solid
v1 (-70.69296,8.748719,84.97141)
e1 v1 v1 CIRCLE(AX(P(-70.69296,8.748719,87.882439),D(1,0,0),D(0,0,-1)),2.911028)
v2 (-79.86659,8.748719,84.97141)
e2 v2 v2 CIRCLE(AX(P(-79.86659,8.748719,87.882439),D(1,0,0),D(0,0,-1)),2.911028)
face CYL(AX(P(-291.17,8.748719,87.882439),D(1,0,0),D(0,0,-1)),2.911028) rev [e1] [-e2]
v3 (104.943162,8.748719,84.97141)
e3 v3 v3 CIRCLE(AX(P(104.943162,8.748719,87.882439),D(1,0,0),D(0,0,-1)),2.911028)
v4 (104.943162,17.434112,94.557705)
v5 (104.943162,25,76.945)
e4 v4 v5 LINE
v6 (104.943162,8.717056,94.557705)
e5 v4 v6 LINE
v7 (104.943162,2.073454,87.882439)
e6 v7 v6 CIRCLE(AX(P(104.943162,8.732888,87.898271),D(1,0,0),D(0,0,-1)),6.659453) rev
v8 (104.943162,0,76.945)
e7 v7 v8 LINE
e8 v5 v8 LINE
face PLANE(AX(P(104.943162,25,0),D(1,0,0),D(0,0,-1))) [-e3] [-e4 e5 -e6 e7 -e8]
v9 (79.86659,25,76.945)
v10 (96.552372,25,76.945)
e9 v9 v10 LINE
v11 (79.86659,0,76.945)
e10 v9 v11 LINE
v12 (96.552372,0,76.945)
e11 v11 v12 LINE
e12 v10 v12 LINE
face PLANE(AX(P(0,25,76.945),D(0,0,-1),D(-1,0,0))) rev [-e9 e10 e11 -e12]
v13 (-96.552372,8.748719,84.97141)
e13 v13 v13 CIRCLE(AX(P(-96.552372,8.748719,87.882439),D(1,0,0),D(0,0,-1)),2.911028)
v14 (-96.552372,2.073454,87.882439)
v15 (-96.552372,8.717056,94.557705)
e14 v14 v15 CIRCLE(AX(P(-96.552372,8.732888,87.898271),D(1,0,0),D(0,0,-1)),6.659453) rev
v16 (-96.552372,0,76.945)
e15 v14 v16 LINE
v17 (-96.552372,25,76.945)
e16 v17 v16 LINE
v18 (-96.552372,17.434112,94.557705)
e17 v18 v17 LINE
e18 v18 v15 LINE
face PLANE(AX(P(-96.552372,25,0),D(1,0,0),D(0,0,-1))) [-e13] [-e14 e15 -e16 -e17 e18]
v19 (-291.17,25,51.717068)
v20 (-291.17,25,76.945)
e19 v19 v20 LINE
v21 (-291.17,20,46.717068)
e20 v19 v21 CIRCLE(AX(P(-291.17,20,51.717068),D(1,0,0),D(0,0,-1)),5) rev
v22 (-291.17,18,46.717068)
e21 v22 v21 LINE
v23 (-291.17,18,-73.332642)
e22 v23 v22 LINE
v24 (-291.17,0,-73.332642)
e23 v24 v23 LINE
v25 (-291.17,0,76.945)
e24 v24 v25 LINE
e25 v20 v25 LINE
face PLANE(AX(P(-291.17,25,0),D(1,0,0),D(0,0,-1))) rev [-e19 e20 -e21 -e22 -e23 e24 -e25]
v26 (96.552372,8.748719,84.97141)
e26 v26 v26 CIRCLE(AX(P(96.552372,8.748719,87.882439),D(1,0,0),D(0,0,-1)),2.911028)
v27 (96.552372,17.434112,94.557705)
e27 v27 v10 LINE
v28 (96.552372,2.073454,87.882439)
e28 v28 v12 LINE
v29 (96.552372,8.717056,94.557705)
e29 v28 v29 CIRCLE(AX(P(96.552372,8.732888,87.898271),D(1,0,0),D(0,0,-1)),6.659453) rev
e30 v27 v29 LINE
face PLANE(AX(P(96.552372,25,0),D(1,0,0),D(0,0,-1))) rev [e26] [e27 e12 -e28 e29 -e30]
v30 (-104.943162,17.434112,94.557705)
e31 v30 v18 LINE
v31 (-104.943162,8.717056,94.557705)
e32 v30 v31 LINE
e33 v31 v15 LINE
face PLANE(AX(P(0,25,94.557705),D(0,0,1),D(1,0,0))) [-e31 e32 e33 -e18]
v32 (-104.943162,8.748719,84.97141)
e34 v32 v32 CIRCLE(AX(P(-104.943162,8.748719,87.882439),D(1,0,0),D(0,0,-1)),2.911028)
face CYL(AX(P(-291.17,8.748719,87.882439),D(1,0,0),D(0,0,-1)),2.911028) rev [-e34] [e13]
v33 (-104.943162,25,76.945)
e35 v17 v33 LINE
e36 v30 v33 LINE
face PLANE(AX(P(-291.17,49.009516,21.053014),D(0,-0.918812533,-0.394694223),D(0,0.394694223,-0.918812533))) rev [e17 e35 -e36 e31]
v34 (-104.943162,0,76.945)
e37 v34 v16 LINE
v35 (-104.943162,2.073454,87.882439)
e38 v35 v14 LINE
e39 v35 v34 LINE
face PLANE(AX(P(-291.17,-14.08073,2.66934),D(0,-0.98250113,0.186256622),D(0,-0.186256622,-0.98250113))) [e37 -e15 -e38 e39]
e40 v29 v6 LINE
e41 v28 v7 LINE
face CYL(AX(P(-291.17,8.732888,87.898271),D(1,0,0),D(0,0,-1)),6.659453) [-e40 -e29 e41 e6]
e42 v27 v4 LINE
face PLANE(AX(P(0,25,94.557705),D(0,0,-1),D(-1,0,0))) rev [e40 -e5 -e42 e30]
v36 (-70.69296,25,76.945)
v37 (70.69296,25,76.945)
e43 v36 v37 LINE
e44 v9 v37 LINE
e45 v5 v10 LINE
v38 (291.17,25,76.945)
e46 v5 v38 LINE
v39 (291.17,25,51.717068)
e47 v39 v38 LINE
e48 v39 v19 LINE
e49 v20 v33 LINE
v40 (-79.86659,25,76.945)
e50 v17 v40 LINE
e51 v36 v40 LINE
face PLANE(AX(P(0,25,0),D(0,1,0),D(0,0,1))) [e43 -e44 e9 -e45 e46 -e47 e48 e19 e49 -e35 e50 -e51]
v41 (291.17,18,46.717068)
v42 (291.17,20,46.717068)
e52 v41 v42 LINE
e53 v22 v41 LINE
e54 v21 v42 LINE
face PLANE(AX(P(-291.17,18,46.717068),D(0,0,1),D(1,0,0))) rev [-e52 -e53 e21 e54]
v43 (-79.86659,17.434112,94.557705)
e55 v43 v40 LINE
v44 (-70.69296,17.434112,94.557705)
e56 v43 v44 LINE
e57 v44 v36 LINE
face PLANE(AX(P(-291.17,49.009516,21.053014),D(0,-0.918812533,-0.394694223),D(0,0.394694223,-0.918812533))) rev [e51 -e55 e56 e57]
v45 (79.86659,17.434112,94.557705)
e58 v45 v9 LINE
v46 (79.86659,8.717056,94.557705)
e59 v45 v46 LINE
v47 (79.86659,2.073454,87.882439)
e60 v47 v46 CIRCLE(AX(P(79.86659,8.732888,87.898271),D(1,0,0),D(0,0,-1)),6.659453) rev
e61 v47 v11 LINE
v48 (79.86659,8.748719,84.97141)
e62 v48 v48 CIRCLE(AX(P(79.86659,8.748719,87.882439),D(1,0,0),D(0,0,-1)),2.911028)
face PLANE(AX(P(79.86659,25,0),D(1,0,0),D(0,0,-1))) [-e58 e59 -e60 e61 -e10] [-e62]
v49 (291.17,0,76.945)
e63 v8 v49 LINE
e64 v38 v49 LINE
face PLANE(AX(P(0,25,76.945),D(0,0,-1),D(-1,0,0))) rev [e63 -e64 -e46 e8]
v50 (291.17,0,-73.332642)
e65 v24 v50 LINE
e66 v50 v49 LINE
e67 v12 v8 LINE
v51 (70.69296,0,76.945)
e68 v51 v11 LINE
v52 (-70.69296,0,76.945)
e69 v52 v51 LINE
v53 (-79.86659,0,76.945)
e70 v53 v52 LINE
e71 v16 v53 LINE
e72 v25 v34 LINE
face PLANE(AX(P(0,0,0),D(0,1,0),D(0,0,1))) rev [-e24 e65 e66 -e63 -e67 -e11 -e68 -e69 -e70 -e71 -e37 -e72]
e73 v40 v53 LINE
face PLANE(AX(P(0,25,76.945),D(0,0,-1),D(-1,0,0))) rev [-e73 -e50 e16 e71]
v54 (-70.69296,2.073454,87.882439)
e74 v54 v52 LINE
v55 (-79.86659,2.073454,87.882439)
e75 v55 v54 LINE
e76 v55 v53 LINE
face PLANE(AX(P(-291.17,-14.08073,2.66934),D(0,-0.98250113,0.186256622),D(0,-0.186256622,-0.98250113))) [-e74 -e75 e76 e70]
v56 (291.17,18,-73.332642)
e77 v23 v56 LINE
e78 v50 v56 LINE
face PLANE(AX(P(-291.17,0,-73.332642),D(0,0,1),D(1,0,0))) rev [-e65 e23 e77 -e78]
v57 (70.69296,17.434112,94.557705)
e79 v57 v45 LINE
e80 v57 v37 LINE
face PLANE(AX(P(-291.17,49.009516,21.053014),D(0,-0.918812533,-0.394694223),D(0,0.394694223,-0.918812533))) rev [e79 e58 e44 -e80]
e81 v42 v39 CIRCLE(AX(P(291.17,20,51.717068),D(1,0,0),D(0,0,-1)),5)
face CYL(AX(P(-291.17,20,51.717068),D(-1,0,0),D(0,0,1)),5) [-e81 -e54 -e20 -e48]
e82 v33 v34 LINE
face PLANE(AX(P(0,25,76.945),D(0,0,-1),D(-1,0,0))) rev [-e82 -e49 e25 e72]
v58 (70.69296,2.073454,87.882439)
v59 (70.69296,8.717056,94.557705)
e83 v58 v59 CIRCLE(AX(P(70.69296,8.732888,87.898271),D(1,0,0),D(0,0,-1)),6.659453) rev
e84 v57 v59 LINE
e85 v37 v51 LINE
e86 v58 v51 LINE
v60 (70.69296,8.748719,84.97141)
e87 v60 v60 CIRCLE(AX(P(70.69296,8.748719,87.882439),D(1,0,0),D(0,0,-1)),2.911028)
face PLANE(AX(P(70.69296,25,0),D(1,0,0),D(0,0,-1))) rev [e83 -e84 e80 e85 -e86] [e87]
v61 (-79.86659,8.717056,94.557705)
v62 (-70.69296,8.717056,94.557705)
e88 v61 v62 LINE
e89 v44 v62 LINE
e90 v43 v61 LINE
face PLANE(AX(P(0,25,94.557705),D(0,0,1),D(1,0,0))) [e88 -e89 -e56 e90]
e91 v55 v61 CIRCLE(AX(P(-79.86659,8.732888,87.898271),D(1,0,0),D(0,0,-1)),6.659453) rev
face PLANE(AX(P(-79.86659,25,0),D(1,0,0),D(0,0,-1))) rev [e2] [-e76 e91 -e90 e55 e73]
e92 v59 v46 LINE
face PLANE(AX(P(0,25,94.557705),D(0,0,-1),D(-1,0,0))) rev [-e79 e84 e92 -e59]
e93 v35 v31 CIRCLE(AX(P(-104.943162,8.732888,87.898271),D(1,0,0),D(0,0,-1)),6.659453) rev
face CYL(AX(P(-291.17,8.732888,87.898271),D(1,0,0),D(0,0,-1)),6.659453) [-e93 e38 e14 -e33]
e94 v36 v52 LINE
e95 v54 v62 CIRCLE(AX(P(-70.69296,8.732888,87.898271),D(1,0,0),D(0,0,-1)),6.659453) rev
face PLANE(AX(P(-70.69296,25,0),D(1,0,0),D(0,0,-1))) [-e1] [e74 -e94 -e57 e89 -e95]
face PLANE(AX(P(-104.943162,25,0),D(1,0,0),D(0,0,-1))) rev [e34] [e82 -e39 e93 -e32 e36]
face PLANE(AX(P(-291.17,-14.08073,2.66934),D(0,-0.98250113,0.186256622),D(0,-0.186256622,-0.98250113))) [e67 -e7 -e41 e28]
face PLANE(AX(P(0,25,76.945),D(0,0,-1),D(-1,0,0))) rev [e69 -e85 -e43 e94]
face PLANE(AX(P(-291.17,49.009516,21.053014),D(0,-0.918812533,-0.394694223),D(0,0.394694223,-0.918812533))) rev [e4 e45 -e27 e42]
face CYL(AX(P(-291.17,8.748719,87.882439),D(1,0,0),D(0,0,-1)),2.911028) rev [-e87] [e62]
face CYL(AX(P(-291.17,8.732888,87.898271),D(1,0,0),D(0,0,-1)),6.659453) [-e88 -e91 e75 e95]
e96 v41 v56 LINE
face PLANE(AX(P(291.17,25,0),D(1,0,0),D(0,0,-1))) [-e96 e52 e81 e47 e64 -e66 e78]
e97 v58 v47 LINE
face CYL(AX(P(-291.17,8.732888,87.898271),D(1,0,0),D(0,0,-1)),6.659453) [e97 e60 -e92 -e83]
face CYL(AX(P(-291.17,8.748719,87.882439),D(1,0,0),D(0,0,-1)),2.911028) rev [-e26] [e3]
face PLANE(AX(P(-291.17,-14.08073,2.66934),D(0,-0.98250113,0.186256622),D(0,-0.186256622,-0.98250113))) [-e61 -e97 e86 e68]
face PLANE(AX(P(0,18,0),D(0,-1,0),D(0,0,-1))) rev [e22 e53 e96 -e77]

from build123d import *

# Parameters (mm, degrees)
SKETCH1_W           = 8.39079
SKETCH1_H           = 17.612704871
SKETCH1_W_2         = 9.17363
BOSS_EXTRUDE1_DEPTH = 25
SKETCH2_R           = 2.9110285
CUT_EXTRUDE1_DEPTH  = 409.009554619
CUT_EXTRUDE2_DEPTH  = 409.009554619
SKETCH4_W           = 582.34
SKETCH4_H           = 123.66999206
CUT_EXTRUDE3_DEPTH  = 7
FILLET1_R           = 5
SKETCH5_W           = 582.34
SKETCH5_H           = 3.612357777
CUT_EXTRUDE4_DEPTH  = 307.667781892


with BuildPart() as part:
    # Sketch1 → Boss-Extrude1 (new body)
    with BuildSketch(Plane(origin=(0, 0, 0), x_dir=(1, 0, 0), z_dir=(0, 1, 0))):
        Polygon((291.17, 76.945), (-291.17, 76.945), (-291.17, -76.945), (-104.943162, -76.945), (-96.552372, -76.945), (-79.86659, -76.945), (-70.69296, -76.945), (70.69296, -76.945), (79.86659, -76.945), (96.552372, -76.945), (104.943162, -76.945), (291.17, -76.945), align=None)
        with Locations((100.747767, -85.751352436)):
            Rectangle(SKETCH1_W, SKETCH1_H)
        with Locations((75.279775, -85.751352436)):
            Rectangle(SKETCH1_W_2, SKETCH1_H)
        with Locations((-75.279775, -85.751352436)):
            Rectangle(SKETCH1_W_2, SKETCH1_H)
        with Locations((-100.747767, -85.751352436)):
            Rectangle(SKETCH1_W, SKETCH1_H)
    extrude(amount=BOSS_EXTRUDE1_DEPTH)

    # Sketch2 → Cut-Extrude1 (cut, through all)
    with BuildSketch(Plane(origin=(104.943162, 0, 0), x_dir=(0, 0, -1), z_dir=(1, 0, 0))):
        with Locations((-87.882438934, 8.748719463)):
            Circle(SKETCH2_R)
    extrude(amount=-CUT_EXTRUDE1_DEPTH, mode=Mode.SUBTRACT)

    # Sketch3 → Cut-Extrude2 (cut, through all)
    with BuildSketch(Plane(origin=(104.943162, 0, 0), x_dir=(0, 0, -1), z_dir=(1, 0, 0))):
        with BuildLine():
            Line((-76.945, 0), (-87.882438934, 2.073453526))
            ThreePointArc((-87.882438934, 2.073453526), (-92.59600701, 4.012761881), (-94.557704871, 8.717055919))
            Line((-94.557704871, 8.717055919), (-94.557704871, 0))
            Line((-94.557704871, 0), (-76.945, 0))
        make_face()
        Polygon((-94.557704871, 17.434111839), (-76.945, 25), (-94.557704871, 25), align=None)
    extrude(amount=-CUT_EXTRUDE2_DEPTH, mode=Mode.SUBTRACT)

    # Sketch4 → Cut-Extrude3 (cut)
    with BuildSketch(Plane(origin=(0, 25, 0), x_dir=(1, 0, 0), z_dir=(0, 1, 0))):
        with Locations((0, 15.117928008)):
            Rectangle(SKETCH4_W, SKETCH4_H)
    extrude(amount=-CUT_EXTRUDE3_DEPTH, mode=Mode.SUBTRACT)

    # Fillet1
    fillet1_edges = [part.edges().sort_by_distance(p)[0] for p in [
        (0, 25, 46.717068022),
    ]]
    fillet(fillet1_edges, radius=FILLET1_R)

    # Sketch5 → Cut-Extrude4 (cut, through all)
    with BuildSketch(Plane(origin=(0, 18, 0), x_dir=(1, 0, 0), z_dir=(0, 1, 0))):
        with Locations((0, 75.138821112)):
            Rectangle(SKETCH5_W, SKETCH5_H)
    extrude(amount=-CUT_EXTRUDE4_DEPTH, mode=Mode.SUBTRACT)


solid = part.part
